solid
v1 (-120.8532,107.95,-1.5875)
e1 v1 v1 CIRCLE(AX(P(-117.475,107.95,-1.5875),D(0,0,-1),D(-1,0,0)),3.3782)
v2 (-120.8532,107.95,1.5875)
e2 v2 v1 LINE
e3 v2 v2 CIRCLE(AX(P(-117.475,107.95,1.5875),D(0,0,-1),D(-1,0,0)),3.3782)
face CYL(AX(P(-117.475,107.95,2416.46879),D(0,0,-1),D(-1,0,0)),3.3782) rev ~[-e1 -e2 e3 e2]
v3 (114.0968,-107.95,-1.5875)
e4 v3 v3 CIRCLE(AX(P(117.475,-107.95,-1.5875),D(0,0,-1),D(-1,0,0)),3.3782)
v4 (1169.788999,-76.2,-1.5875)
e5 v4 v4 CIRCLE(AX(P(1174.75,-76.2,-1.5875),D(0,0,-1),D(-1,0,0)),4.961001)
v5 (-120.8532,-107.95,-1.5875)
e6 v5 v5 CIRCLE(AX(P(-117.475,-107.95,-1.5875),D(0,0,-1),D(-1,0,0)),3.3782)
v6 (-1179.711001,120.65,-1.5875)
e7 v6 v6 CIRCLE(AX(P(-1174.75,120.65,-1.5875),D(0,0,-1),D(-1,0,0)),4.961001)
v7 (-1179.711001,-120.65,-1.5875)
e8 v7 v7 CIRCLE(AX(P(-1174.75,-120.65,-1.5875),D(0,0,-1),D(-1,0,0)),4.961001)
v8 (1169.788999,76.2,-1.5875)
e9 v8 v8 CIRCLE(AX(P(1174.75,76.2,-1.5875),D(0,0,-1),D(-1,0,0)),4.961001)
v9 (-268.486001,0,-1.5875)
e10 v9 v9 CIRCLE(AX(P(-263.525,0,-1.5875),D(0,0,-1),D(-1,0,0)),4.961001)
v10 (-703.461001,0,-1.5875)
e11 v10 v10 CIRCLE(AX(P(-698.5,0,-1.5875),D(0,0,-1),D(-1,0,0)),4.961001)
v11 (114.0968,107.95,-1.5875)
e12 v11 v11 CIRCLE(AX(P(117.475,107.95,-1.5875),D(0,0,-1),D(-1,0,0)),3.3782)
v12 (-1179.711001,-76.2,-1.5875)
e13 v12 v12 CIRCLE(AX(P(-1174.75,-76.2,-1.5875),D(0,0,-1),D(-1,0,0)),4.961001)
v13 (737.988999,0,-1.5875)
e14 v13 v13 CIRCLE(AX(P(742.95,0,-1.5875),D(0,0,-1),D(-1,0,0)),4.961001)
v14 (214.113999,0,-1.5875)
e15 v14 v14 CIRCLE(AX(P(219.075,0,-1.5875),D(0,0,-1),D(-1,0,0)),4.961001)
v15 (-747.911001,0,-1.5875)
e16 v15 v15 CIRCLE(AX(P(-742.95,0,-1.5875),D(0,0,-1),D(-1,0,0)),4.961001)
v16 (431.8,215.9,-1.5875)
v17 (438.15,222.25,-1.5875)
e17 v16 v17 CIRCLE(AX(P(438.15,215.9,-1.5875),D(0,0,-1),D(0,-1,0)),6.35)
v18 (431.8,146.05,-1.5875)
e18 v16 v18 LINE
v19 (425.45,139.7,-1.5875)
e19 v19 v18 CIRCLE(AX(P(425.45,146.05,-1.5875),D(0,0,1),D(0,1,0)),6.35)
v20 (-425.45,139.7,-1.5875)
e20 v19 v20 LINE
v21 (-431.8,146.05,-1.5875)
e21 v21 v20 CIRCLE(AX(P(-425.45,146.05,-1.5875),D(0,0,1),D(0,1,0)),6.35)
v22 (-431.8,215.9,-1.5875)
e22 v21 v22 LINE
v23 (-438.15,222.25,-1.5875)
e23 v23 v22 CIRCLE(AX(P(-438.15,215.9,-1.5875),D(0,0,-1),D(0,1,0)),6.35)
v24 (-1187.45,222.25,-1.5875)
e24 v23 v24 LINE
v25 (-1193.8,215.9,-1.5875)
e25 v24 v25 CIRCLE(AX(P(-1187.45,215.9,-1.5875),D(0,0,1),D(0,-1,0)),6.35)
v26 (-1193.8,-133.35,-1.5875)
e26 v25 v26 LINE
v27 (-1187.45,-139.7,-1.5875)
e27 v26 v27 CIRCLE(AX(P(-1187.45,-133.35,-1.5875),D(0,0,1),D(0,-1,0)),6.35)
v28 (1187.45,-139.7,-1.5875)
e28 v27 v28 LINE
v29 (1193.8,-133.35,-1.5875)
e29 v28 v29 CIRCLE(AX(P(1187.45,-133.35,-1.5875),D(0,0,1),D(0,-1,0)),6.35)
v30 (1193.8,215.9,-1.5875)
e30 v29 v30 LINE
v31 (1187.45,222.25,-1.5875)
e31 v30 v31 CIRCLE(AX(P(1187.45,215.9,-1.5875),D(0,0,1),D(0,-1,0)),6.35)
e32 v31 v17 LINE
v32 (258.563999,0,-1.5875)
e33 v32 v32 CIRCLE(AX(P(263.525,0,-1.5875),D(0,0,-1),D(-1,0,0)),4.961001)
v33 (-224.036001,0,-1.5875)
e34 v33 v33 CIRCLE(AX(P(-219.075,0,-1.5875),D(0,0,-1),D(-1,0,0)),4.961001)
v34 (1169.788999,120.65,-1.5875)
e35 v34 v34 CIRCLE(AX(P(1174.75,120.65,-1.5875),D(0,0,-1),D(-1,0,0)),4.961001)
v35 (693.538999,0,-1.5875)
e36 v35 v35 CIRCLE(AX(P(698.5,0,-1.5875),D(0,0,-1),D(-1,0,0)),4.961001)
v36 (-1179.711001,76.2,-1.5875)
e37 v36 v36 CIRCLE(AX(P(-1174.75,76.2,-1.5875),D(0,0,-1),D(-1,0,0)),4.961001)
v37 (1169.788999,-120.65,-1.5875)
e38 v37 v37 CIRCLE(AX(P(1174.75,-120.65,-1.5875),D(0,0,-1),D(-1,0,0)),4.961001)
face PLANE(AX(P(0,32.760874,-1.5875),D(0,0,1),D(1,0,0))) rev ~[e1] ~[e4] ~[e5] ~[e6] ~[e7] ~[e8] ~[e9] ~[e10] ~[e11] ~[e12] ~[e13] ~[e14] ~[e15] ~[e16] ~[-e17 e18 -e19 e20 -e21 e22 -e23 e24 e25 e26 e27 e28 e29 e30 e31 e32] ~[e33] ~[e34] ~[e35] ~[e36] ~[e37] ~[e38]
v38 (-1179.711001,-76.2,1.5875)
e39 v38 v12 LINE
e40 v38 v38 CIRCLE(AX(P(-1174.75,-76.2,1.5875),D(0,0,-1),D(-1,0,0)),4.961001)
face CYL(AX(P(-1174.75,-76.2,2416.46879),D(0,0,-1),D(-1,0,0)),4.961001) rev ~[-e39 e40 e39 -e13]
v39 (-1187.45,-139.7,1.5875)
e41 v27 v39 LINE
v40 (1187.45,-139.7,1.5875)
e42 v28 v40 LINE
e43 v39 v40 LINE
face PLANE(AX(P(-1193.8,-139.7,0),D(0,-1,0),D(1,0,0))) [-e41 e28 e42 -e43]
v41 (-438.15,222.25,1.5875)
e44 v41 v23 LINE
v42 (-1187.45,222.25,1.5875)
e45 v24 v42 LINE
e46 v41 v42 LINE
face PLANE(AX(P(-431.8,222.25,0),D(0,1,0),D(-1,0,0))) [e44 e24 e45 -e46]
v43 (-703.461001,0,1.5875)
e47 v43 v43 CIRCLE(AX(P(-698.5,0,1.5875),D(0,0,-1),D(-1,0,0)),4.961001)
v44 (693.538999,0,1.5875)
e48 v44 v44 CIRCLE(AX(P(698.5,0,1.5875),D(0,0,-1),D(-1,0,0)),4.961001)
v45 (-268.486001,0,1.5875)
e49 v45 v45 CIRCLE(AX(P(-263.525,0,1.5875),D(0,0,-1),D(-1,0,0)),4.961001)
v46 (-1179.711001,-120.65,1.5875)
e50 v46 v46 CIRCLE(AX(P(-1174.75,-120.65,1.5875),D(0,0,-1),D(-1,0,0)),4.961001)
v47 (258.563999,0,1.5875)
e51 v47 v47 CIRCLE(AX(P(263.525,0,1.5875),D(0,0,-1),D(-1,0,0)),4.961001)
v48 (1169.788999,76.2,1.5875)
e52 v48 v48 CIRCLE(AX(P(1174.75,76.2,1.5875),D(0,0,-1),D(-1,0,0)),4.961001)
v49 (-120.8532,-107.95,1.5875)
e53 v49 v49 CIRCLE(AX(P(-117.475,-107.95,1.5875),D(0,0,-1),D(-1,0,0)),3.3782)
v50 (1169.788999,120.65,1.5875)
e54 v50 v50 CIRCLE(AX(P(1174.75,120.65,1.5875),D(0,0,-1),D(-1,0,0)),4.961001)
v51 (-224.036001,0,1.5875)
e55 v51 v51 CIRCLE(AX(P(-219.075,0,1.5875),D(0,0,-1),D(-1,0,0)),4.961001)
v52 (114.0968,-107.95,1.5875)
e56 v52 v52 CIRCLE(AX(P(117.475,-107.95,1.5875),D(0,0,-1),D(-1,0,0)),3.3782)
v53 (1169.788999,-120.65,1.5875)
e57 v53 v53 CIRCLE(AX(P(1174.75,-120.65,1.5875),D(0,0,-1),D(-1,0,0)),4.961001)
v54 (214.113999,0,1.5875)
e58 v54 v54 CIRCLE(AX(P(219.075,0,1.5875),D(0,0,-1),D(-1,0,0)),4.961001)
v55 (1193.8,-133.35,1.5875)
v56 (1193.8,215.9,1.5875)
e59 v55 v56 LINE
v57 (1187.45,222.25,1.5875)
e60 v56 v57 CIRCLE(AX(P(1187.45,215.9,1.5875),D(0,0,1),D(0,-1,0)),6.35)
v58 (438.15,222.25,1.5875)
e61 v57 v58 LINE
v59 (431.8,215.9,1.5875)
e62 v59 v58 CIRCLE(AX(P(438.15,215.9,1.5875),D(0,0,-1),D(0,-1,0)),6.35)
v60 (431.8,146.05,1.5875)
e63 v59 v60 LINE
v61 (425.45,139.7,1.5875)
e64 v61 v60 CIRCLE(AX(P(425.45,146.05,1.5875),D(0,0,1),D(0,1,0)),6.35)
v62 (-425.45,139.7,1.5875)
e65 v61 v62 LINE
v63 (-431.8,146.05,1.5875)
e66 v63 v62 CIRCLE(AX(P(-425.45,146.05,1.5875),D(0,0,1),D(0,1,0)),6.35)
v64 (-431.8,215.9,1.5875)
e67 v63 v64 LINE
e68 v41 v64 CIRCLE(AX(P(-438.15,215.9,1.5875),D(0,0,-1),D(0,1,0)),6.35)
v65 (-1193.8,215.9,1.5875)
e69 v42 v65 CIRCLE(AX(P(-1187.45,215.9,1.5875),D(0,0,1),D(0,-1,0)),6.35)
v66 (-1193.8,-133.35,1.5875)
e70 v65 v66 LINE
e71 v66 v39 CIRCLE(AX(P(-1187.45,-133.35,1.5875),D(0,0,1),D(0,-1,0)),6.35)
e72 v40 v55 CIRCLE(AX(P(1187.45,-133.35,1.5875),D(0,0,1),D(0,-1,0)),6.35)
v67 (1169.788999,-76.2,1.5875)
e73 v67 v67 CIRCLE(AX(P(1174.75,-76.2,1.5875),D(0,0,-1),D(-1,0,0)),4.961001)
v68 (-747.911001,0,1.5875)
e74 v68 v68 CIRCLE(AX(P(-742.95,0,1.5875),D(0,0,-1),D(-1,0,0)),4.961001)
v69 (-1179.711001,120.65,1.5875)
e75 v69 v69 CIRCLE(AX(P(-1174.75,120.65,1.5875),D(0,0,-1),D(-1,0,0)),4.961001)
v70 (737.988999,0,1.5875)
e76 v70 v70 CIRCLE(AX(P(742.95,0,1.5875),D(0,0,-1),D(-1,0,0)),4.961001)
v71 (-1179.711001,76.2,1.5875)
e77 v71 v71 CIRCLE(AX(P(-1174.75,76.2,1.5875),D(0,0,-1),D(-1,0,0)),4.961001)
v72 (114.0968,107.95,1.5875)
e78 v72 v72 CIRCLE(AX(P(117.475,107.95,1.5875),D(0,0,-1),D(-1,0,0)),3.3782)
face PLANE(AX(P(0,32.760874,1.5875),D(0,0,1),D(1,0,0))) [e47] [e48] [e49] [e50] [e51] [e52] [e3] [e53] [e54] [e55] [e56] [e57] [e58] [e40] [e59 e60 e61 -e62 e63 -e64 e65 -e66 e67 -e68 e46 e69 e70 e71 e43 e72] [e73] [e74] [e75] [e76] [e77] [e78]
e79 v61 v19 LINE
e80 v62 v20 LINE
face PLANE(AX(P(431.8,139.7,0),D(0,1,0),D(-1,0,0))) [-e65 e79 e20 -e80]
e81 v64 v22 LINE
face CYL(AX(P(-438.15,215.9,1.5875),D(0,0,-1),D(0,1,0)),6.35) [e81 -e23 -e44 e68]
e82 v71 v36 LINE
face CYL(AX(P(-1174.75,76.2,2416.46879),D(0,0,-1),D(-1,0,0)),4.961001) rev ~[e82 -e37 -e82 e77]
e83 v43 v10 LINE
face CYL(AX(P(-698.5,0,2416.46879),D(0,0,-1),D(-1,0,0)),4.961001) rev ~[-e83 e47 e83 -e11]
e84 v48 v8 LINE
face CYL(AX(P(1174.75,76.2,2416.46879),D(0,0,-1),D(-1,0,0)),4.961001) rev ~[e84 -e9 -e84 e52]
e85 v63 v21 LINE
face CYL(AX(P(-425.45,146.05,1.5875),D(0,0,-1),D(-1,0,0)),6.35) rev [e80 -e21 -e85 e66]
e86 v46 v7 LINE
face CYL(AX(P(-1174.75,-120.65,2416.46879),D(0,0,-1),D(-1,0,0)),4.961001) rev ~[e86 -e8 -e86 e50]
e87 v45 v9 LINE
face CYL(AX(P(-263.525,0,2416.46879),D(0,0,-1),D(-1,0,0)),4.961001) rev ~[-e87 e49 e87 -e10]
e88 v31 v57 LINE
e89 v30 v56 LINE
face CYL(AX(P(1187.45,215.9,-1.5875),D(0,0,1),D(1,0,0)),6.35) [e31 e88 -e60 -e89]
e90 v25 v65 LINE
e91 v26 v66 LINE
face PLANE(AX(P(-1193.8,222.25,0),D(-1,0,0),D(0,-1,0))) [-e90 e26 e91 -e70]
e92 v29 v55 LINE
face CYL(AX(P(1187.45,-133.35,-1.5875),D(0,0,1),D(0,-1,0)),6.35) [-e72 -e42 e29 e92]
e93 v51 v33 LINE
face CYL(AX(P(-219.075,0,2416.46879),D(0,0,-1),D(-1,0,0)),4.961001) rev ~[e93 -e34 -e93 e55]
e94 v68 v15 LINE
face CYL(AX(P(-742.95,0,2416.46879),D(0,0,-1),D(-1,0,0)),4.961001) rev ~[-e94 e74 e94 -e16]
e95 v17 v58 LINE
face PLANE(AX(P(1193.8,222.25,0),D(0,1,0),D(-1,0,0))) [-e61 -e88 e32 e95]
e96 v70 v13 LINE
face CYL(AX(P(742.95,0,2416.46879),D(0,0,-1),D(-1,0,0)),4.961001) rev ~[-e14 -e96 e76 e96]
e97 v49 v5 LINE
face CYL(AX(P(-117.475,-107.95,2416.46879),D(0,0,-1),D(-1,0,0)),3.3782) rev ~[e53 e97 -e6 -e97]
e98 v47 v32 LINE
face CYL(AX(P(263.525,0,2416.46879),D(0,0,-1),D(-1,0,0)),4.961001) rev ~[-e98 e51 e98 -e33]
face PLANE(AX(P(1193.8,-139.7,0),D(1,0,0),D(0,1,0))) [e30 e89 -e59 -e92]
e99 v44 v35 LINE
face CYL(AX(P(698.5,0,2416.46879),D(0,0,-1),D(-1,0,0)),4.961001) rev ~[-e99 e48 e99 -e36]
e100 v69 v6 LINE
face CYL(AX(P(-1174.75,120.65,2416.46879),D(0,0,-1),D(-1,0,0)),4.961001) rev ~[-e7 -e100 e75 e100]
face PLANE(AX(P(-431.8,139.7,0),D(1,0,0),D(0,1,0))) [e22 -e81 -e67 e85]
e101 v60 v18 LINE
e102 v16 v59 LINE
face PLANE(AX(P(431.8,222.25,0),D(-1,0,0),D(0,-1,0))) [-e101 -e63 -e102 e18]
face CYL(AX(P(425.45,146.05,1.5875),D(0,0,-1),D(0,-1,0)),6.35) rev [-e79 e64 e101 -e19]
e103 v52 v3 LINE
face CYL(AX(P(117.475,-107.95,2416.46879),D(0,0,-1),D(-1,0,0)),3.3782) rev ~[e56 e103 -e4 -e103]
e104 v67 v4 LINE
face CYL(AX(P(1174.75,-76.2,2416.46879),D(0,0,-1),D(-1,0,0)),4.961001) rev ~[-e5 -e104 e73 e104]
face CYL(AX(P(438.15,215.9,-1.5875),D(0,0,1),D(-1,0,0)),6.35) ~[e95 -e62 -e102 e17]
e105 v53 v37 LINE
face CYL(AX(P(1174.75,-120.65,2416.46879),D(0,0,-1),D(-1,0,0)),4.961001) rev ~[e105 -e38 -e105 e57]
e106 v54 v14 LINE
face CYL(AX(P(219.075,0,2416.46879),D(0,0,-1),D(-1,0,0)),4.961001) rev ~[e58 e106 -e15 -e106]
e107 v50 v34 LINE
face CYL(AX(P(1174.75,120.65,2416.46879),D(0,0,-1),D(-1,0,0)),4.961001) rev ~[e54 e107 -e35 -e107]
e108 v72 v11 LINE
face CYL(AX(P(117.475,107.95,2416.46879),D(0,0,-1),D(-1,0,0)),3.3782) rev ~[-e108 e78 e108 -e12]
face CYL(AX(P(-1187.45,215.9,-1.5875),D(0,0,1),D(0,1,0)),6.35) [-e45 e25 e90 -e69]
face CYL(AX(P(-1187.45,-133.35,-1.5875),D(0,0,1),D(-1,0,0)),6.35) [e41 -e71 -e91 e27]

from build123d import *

# Parameters (mm, degrees)
BOSS_EXTRUDE1_DEPTH              = 1.5875
F_25_64_0_39063_DIAMETER_HOLE1_D = 9.922002
FILLET1_R                        = 6.35
F_1_4_CLEARANCE_HOLE2_D          = 6.7564


with BuildPart() as part:
    # Sketch1 → Boss-Extrude1 (new, symmetric)
    with BuildSketch(Plane.XY):
        Polygon((-431.8, 222.25), (-1193.8, 222.25), (-1193.8, 139.7), (-1193.8, -139.7), (1193.8, -139.7), (1193.8, 139.7), (1193.8, 222.25), (431.8, 222.25), (431.8, 139.7), (-431.8, 139.7), align=None)
    extrude(amount=BOSS_EXTRUDE1_DEPTH, both=True)

    # 25/64 (0.39063) Diameter Hole1 (through all)
    with Locations(Plane.XY.offset(1.5875)):
        with Locations((-1174.75, 120.65), (-1174.75, -120.65), (1174.75, 120.65), (1174.75, -120.65), (-742.95, 0), (-698.5, 0), (-263.525, 0), (-219.075, 0), (742.95, 0), (698.5, 0), (263.525, 0), (219.075, 0), (1174.75, -76.2), (1174.75, 76.2), (-1174.75, 76.2), (-1174.75, -76.2)):
            Hole(F_25_64_0_39063_DIAMETER_HOLE1_D / 2)

    # Fillet1
    fillet1_edges = [part.edges().sort_by_distance(p)[0] for p in [
        (1193.8, -139.7, 0),
        (-1193.8, -139.7, 0),
        (-1193.8, 222.25, 0),
        (-431.8, 222.25, 0),
        (-431.8, 139.7, 0),
        (431.8, 139.7, 0),
        (431.8, 222.25, 0),
        (1193.8, 222.25, 0),
    ]]
    fillet(fillet1_edges, radius=FILLET1_R)

    # 1/4 Clearance Hole2 (through all)
    with Locations(Plane.XY.offset(1.5875)):
        with Locations((-117.475, 107.95), (-117.475, -107.95), (117.475, 107.95), (117.475, -107.95)):
            Hole(F_1_4_CLEARANCE_HOLE2_D / 2)


solid = part.part
